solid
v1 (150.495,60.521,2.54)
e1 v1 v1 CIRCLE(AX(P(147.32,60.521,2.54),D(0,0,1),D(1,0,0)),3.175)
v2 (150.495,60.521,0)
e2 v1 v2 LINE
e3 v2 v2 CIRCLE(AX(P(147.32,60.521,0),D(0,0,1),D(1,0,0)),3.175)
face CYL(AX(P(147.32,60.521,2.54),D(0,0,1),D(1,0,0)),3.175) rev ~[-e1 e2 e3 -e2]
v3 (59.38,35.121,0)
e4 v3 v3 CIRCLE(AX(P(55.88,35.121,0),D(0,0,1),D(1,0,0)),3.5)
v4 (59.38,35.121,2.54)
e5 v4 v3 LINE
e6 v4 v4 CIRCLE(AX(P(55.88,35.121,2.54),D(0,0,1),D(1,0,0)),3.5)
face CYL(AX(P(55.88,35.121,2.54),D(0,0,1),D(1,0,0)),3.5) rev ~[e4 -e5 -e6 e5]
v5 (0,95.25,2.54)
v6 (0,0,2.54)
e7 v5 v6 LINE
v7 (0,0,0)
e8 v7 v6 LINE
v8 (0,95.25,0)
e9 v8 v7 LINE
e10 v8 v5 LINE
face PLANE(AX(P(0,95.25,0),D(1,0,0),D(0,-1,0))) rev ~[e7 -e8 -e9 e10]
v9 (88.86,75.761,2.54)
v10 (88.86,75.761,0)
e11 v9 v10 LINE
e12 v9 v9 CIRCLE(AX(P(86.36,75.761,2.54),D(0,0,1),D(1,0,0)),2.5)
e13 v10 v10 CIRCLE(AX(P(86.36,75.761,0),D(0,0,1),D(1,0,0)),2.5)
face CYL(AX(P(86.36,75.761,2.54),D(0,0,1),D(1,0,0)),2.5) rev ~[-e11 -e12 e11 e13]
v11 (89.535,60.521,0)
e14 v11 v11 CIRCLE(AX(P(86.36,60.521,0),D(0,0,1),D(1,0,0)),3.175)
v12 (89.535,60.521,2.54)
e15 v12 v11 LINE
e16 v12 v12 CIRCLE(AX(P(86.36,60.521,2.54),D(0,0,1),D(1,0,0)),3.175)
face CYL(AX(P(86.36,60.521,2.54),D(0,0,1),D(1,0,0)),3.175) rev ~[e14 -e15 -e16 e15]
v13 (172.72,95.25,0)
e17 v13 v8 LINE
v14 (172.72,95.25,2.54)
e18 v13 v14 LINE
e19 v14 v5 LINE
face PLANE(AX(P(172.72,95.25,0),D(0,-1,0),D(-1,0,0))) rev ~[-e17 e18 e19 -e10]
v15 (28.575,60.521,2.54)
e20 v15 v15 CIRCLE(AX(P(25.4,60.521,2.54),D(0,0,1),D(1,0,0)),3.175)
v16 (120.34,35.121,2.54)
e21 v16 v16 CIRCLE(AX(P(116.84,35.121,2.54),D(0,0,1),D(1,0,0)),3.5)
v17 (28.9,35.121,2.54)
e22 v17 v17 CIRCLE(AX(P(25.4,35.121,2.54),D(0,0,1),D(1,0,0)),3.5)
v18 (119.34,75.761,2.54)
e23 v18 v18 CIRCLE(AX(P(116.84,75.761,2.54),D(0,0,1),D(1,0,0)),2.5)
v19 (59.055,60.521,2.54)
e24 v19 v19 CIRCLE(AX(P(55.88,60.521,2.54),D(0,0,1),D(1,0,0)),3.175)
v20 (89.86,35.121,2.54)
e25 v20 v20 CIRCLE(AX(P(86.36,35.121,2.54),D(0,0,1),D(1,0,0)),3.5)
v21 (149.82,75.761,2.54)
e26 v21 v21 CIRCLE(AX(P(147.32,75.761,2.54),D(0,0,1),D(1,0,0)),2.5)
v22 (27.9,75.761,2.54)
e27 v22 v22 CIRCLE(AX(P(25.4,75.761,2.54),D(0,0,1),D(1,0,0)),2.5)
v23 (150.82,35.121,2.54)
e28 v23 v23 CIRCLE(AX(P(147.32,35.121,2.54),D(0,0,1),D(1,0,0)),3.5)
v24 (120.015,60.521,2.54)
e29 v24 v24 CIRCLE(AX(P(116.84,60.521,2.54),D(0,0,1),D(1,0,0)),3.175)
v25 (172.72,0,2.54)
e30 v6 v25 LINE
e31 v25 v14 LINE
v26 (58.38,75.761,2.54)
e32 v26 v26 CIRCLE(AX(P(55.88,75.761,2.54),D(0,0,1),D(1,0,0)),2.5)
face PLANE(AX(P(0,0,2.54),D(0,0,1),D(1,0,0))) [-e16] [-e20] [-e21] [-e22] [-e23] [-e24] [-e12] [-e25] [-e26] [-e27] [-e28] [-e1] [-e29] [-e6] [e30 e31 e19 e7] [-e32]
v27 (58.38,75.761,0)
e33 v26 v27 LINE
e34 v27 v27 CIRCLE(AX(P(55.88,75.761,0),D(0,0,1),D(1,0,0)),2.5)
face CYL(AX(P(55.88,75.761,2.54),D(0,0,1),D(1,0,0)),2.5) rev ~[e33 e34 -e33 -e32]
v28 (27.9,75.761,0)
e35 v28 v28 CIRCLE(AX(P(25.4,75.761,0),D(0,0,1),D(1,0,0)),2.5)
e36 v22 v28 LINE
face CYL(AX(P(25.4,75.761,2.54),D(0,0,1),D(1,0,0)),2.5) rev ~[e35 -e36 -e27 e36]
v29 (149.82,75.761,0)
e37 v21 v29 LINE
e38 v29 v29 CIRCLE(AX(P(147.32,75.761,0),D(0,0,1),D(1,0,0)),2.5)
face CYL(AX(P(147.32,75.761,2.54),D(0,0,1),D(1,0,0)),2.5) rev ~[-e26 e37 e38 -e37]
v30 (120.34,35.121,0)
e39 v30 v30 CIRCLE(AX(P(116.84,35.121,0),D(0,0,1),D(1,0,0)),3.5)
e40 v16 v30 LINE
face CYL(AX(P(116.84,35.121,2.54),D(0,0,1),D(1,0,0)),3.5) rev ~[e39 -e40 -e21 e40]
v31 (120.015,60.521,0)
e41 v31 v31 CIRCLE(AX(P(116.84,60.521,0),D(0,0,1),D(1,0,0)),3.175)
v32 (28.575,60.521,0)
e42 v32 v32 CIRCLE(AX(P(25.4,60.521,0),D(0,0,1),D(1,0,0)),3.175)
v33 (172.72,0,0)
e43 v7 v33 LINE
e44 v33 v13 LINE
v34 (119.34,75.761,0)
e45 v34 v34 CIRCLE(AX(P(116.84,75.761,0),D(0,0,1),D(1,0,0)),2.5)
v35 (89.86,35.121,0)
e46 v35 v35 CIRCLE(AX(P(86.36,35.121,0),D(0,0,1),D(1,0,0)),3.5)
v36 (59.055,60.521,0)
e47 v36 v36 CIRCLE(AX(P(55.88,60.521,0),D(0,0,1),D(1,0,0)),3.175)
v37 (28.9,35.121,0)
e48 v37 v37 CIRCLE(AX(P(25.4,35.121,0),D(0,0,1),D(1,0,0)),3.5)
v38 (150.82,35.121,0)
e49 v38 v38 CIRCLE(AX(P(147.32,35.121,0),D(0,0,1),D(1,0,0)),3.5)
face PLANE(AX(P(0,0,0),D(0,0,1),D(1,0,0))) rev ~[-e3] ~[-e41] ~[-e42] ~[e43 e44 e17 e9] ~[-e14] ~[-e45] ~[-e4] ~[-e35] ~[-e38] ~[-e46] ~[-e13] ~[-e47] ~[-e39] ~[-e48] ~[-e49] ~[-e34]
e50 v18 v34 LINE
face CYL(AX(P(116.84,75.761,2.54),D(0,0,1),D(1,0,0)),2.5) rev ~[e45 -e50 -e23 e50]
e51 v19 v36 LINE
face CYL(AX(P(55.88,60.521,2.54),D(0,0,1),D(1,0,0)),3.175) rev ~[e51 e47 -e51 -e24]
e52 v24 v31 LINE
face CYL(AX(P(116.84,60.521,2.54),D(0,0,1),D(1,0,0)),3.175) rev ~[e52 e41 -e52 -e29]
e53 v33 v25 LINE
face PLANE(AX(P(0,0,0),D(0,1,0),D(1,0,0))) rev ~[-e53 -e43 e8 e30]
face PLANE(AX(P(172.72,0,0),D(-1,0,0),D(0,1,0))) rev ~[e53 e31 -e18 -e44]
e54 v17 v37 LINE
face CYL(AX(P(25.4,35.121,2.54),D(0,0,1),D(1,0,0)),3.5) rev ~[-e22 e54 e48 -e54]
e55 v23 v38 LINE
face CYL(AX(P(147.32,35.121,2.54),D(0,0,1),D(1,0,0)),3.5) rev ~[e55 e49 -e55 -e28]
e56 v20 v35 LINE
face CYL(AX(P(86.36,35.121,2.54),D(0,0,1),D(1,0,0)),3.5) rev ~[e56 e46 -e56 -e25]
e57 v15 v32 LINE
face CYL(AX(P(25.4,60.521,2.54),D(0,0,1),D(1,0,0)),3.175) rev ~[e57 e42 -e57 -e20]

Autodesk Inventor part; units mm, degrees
ref_plane "YZ Plane" through (0, 0, 0) normal (1, 0, 0) x (0, 1, 0)
ref_plane "XZ Plane" through (0, 0, 0) normal (0, 1, 0) x (-1, 0, 0)
ref_plane "XY Plane" through (0, 0, 0) normal (0, 0, 1) x (1, 0, 0)
sketch "Sketch1" plane through (0, 0, 0) normal (0, 0, 1) x (1, 0, 0)
  line L0 (0, 0) -> (172.72, 0)
  line L1 (172.72, 0) -> (172.72, 95.25)
  line L2 (172.72, 95.25) -> (0, 95.25)
  line L3 (0, 95.25) -> (0, 0)
  dimension "d53" = 172.72
  dimension "d57" = 95.25
extrude "Extrusion1" add sketch "Sketch1" along normal blind 2.54
sketch "Sketch2" plane through (0, 0, 2.54) normal (0, 0, 1) x (1, 0, 0)
  circle A0 centre (25.4, 35.121) radius 3.5
  circle A1 centre (25.4, 60.521) radius 3.175
  line L0 (0, 95.25) -> (0, 0) projected
  circle A2 centre (55.88, 60.521) radius 3.175
  circle A3 centre (86.36, 60.521) radius 3.175
  circle A4 centre (116.84, 60.521) radius 3.175
  circle A5 centre (147.32, 60.521) radius 3.175
  circle A6 centre (25.4, 75.761) radius 2.5
  circle A7 centre (55.88, 75.761) radius 2.5
  circle A8 centre (86.36, 75.761) radius 2.5
  circle A9 centre (116.84, 75.761) radius 2.5
  circle A10 centre (147.32, 75.761) radius 2.5
  circle A11 centre (55.88, 35.121) radius 3.5
  circle A12 centre (86.36, 35.121) radius 3.5
  circle A13 centre (116.84, 35.121) radius 3.5
  circle A14 centre (147.32, 35.121) radius 3.5
  line L1 (172.72, 0) -> (172.72, 95.25) projected
  dimension "d4" = 7
  dimension "d5" = 6.35
  dimension "d8" = 25.4
  dimension "d9" = 6.35
  dimension "d10" = 6.35
  dimension "d11" = 6.35
  dimension "d12" = 6.35
  dimension "d18" = 0
  dimension "d19" = 0
  dimension "d20" = 0
  dimension "d21" = 0
  dimension "d22" = 5
  dimension "d23" = 15.24
  dimension "d24" = 0
  dimension "d25" = 5
  dimension "d26" = 5
  dimension "d27" = 5
  dimension "d28" = 5
  dimension "d29" = 15.24
  dimension "d34" = 15.24
  dimension "d35" = 15.24
  dimension "d36" = 15.24
  dimension "d37" = 7
  dimension "d38" = 7
  dimension "d39" = 7
  dimension "d40" = 7
  dimension "d41" = 30.48
  dimension "d42" = 25.4
  dimension "d43" = 30.48
  dimension "d44" = 25.4
  dimension "d45" = 30.48
  dimension "d46" = 25.4
  dimension "d47" = 30.48
  dimension "d48" = 25.4
  dimension "d49" = 30.48
  dimension "d50" = 30.48
  dimension "d51" = 30.48
  dimension "d52" = 30.48
  dimension "d58" = 30.48
  dimension "d59" = 30.48
  dimension "d60" = 30.48
  dimension "d61" = 30.48
  dimension "d62" = 0
  dimension "d63" = 25.4
extrude "Extrusion2" cut sketch "Sketch2" against normal blind 2.54
properties part number "front"
